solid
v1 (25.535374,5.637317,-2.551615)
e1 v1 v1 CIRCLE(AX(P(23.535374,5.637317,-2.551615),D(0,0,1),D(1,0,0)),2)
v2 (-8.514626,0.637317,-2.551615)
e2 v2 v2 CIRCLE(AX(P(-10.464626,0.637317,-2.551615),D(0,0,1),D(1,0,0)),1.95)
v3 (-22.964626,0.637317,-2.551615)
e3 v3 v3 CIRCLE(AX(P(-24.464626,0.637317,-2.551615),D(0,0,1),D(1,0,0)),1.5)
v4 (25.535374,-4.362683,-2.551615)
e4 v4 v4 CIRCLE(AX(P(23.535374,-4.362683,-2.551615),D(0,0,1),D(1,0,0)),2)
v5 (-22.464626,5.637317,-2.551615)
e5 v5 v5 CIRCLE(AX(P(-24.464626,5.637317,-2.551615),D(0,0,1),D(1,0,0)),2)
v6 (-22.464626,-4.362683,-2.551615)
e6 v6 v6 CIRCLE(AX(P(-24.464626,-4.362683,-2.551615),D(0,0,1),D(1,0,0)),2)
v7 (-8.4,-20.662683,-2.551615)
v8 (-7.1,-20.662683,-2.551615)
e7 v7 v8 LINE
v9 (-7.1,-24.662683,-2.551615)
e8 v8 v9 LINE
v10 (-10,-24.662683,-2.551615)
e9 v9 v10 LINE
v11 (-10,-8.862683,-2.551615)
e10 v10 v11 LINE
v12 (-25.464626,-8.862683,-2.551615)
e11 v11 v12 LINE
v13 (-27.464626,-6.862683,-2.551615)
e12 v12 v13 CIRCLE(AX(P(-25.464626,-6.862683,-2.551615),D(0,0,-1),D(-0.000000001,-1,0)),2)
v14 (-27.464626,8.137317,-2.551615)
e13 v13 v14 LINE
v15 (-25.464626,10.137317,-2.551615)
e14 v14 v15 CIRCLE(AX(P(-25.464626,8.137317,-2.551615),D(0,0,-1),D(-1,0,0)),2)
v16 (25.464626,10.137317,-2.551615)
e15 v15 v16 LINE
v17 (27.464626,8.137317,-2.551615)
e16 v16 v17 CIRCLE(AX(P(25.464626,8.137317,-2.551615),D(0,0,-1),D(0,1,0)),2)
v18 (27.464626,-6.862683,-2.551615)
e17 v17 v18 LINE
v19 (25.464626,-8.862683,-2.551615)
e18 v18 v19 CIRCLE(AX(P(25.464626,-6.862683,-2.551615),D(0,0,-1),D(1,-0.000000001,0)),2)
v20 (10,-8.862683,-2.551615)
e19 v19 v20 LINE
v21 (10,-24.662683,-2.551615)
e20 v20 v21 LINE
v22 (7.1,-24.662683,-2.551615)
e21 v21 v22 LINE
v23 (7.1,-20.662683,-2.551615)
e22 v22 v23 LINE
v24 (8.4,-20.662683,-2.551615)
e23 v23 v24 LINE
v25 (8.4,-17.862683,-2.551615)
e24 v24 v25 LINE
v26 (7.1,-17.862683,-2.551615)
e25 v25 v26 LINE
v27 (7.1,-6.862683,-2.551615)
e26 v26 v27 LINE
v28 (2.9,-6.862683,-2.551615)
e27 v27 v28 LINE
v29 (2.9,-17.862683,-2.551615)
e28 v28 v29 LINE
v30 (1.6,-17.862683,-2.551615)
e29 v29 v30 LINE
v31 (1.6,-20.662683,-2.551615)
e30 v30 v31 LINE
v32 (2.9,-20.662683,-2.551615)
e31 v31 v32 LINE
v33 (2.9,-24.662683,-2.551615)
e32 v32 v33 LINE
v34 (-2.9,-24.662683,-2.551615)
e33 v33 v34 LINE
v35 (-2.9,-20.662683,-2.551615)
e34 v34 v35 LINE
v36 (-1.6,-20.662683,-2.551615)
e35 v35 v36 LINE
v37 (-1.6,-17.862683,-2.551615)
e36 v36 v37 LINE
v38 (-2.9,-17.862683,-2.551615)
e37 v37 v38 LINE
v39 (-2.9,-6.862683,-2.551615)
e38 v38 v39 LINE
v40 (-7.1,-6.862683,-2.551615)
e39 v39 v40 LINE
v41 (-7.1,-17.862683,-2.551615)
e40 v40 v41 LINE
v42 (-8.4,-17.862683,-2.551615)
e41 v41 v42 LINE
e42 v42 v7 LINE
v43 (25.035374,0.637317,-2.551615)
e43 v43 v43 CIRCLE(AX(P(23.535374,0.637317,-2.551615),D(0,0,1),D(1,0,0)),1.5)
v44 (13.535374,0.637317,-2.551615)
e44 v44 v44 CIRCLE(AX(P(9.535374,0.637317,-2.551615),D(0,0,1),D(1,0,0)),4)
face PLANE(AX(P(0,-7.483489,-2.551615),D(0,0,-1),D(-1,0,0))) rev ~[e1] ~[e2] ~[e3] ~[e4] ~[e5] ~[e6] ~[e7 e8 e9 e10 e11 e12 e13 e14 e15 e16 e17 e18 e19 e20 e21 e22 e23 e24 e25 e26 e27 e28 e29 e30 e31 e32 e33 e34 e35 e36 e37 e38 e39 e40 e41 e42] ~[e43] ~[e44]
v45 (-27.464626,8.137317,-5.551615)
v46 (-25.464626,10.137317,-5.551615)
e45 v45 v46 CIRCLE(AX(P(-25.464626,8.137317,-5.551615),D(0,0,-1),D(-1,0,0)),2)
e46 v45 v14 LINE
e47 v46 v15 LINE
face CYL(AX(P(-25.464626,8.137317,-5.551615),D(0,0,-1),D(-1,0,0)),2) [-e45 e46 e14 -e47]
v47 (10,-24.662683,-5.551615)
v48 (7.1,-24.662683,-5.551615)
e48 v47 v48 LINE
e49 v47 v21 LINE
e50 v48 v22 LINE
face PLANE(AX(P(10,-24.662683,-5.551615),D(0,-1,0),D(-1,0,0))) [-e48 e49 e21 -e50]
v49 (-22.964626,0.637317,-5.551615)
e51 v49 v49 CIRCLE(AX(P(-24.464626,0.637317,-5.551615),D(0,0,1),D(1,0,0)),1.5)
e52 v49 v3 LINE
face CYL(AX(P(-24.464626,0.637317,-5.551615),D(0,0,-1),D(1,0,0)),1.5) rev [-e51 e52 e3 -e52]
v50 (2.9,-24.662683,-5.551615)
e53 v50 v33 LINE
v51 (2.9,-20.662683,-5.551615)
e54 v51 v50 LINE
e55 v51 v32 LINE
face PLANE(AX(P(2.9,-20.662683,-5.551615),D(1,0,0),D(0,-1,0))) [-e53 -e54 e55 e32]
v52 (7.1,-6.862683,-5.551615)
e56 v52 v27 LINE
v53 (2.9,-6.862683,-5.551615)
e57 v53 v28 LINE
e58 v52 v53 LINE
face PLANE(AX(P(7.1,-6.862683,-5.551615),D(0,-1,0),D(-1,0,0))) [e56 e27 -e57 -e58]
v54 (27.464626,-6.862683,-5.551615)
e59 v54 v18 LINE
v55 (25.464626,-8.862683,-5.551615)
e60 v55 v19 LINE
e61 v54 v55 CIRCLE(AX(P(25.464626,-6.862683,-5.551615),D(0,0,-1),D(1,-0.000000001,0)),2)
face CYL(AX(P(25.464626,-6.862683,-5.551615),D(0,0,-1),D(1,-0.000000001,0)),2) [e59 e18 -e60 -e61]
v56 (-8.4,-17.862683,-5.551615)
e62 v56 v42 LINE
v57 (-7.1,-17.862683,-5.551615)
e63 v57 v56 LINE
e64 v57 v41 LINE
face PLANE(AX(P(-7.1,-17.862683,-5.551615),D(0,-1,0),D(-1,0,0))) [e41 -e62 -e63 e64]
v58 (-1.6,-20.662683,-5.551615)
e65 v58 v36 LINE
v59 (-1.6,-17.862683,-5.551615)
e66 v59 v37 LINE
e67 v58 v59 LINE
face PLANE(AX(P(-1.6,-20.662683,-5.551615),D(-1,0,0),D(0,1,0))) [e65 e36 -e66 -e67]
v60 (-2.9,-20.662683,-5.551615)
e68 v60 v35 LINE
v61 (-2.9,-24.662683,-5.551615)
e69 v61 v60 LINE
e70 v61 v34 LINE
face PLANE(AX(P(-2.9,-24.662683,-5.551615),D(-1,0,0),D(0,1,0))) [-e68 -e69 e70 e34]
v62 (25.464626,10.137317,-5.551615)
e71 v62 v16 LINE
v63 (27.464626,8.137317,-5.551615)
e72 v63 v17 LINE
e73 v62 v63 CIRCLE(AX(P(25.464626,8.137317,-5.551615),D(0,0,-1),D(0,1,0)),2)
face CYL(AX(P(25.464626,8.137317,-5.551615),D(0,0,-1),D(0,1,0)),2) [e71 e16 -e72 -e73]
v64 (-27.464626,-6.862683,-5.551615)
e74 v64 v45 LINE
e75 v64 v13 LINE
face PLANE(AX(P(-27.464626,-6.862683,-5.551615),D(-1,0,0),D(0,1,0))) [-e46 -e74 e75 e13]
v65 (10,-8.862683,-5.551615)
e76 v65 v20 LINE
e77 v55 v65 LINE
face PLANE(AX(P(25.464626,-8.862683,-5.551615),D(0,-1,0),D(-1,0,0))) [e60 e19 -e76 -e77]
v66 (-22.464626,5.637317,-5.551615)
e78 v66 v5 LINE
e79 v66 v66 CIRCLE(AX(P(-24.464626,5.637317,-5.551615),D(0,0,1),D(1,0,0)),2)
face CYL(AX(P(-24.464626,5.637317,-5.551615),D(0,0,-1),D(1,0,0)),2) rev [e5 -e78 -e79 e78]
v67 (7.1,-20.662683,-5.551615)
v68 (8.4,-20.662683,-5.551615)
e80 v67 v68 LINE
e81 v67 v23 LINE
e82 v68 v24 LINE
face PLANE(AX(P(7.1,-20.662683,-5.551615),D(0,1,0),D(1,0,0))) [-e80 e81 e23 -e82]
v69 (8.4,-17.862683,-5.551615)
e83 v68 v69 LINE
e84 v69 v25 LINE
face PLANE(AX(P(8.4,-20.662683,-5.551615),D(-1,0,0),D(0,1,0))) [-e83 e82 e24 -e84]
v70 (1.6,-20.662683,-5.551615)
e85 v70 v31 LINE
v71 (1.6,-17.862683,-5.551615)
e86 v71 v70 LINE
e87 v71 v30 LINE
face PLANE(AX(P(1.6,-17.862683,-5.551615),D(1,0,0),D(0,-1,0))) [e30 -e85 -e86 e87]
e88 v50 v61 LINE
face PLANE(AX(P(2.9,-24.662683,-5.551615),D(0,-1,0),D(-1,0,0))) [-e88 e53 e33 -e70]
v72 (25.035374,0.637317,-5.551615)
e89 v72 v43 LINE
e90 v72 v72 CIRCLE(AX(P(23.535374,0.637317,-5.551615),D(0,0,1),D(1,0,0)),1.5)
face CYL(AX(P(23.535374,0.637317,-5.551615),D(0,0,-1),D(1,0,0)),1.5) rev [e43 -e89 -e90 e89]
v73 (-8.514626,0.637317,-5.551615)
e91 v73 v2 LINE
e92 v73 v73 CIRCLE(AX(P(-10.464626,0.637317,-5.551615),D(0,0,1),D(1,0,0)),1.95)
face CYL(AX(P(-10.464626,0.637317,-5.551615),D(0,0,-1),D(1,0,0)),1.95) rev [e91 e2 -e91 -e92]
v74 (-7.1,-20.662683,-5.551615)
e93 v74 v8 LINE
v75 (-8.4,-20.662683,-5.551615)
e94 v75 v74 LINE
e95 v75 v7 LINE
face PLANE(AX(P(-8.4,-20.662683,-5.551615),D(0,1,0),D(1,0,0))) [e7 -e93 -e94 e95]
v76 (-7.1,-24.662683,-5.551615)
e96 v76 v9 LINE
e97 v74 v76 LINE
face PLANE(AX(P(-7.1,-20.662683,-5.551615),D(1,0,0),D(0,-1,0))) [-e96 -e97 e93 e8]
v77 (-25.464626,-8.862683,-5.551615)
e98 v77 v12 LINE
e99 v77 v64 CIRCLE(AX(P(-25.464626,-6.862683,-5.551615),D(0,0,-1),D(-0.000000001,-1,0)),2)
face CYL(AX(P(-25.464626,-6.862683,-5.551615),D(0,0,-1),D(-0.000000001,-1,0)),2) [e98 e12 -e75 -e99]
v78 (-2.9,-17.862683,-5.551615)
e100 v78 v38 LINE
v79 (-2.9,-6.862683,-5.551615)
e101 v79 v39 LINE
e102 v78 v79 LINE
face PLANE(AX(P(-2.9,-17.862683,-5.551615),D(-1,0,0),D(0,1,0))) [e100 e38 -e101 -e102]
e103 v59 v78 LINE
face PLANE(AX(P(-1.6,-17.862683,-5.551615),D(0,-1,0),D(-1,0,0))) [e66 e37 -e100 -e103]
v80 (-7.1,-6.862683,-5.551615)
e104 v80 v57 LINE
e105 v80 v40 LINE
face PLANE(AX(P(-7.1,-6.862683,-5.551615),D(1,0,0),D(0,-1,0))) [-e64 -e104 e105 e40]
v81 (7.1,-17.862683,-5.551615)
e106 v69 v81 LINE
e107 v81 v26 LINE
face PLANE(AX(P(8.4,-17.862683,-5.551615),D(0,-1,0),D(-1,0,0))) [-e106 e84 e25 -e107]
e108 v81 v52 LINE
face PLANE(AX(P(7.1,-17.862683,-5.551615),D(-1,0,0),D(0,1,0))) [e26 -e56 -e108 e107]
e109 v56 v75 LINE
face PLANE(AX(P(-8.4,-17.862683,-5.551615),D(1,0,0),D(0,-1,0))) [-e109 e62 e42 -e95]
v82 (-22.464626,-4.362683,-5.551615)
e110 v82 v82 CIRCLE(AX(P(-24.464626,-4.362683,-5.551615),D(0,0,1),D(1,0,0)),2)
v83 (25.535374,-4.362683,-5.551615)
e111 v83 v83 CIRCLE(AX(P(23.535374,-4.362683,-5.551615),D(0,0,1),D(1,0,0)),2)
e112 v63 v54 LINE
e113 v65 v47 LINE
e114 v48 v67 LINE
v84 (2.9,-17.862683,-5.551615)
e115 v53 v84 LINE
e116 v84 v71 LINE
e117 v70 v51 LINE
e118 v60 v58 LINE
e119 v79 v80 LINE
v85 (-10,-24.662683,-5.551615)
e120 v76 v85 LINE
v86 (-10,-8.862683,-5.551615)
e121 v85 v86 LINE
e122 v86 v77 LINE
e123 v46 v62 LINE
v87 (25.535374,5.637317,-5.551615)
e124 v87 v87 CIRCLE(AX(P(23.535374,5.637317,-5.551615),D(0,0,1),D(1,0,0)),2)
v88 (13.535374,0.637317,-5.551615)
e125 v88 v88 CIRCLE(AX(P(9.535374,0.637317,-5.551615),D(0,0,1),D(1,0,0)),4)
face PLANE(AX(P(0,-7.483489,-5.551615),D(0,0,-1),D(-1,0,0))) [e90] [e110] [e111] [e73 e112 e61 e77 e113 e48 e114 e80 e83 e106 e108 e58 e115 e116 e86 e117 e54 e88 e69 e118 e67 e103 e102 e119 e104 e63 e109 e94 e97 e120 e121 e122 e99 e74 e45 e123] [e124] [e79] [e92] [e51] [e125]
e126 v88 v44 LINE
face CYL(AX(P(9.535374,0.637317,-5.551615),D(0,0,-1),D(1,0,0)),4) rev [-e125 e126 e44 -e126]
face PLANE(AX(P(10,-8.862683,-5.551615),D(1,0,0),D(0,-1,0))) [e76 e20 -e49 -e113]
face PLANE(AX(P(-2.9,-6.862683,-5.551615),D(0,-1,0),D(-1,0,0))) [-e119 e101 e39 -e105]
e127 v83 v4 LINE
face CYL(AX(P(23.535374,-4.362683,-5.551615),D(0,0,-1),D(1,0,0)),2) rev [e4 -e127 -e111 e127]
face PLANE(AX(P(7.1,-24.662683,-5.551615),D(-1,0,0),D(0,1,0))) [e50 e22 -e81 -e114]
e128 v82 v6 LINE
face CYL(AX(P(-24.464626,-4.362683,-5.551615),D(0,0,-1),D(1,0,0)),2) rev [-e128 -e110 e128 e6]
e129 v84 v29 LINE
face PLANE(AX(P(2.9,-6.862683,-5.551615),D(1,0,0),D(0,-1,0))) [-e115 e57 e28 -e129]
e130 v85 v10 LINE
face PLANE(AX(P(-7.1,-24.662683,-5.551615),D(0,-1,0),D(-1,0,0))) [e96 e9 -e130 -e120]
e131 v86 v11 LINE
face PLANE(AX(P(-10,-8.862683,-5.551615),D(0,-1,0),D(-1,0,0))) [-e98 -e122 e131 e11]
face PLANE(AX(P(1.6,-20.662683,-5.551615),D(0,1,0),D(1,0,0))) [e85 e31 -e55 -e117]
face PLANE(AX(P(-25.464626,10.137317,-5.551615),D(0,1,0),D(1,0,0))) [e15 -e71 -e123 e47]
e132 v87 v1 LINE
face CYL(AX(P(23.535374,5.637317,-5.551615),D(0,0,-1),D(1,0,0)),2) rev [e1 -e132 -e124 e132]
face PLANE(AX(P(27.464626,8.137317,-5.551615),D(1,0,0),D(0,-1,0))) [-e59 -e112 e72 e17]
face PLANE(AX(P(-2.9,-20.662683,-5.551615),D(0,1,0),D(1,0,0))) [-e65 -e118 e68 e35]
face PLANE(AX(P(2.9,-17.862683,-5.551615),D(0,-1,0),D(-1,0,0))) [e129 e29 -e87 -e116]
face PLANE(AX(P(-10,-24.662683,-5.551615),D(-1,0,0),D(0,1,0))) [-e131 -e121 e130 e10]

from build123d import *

# Parameters (mm, degrees)
SKETCH1_R           = 2
SKETCH1_R_2         = 4
SKETCH1_R_3         = 1.95
SKETCH1_R_4         = 1.5
BOSS_EXTRUDE1_DEPTH = 3


with BuildPart() as part:
    # Sketch1 → Boss-Extrude1 (new body)
    with BuildSketch(Plane.XY.offset(-5.551615438)):
        with BuildLine():
            Line((-25.464626351, 10.13731735), (25.464626351, 10.13731735))
            ThreePointArc((25.464626351, 10.13731735), (26.878839913, 9.551530913), (27.464626351, 8.13731735))
            Line((27.464626351, 8.13731735), (27.464626351, -6.86268265))
            ThreePointArc((27.464626351, -6.86268265), (26.878839913, -8.276896212), (25.464626351, -8.86268265))
            Line((25.464626351, -8.86268265), (10, -8.86268265))
            Line((10, -8.86268265), (10, -24.66268265))
            Line((10, -24.66268265), (7.1, -24.66268265))
            Line((7.1, -24.66268265), (7.1, -20.66268265))
            Line((7.1, -20.66268265), (8.4, -20.66268265))
            Line((8.4, -20.66268265), (8.4, -17.86268265))
            Line((8.4, -17.86268265), (7.1, -17.86268265))
            Line((7.1, -17.86268265), (7.1, -6.86268265))
            Line((7.1, -6.86268265), (2.9, -6.86268265))
            Line((2.9, -6.86268265), (2.9, -17.86268265))
            Line((2.9, -17.86268265), (1.6, -17.86268265))
            Line((1.6, -17.86268265), (1.6, -20.66268265))
            Line((1.6, -20.66268265), (2.9, -20.66268265))
            Line((2.9, -20.66268265), (2.9, -24.66268265))
            Line((2.9, -24.66268265), (0, -24.66268265))
            Line((0, -24.66268265), (-2.9, -24.66268265))
            Line((-2.9, -24.66268265), (-2.9, -20.66268265))
            Line((-2.9, -20.66268265), (-1.6, -20.66268265))
            Line((-1.6, -20.66268265), (-1.6, -17.86268265))
            Line((-1.6, -17.86268265), (-2.9, -17.86268265))
            Line((-2.9, -17.86268265), (-2.9, -6.86268265))
            Line((-2.9, -6.86268265), (-7.1, -6.86268265))
            Line((-7.1, -6.86268265), (-7.1, -17.86268265))
            Line((-7.1, -17.86268265), (-8.4, -17.86268265))
            Line((-8.4, -17.86268265), (-8.4, -20.66268265))
            Line((-8.4, -20.66268265), (-7.1, -20.66268265))
            Line((-7.1, -20.66268265), (-7.1, -24.66268265))
            Line((-7.1, -24.66268265), (-10, -24.66268265))
            Line((-10, -24.66268265), (-10, -8.86268265))
            Line((-10, -8.86268265), (-25.464626351, -8.86268265))
            ThreePointArc((-25.464626351, -8.86268265), (-26.878839913, -8.276896212), (-27.464626351, -6.86268265))
            Line((-27.464626351, -6.86268265), (-27.464626351, 8.13731735))
            ThreePointArc((-27.464626351, 8.13731735), (-26.878839913, 9.551530913), (-25.464626351, 10.13731735))
        make_face()
        with Locations((-24.464626351, 5.63731735)):
            Circle(SKETCH1_R, mode=Mode.SUBTRACT)
        with Locations((-24.464626351, -4.36268265)):
            Circle(SKETCH1_R, mode=Mode.SUBTRACT)
        with Locations((23.535373649, -4.36268265)):
            Circle(SKETCH1_R, mode=Mode.SUBTRACT)
        with Locations((23.535373649, 5.63731735)):
            Circle(SKETCH1_R, mode=Mode.SUBTRACT)
        with Locations((9.535373649, 0.63731735)):
            Circle(SKETCH1_R_2, mode=Mode.SUBTRACT)
        with Locations((-10.464626351, 0.63731735)):
            Circle(SKETCH1_R_3, mode=Mode.SUBTRACT)
        with Locations((-24.464626351, 0.63731735)):
            Circle(SKETCH1_R_4, mode=Mode.SUBTRACT)
        with Locations((23.535373649, 0.63731735)):
            Circle(SKETCH1_R_4, mode=Mode.SUBTRACT)
    extrude(amount=BOSS_EXTRUDE1_DEPTH)


solid = part.part
